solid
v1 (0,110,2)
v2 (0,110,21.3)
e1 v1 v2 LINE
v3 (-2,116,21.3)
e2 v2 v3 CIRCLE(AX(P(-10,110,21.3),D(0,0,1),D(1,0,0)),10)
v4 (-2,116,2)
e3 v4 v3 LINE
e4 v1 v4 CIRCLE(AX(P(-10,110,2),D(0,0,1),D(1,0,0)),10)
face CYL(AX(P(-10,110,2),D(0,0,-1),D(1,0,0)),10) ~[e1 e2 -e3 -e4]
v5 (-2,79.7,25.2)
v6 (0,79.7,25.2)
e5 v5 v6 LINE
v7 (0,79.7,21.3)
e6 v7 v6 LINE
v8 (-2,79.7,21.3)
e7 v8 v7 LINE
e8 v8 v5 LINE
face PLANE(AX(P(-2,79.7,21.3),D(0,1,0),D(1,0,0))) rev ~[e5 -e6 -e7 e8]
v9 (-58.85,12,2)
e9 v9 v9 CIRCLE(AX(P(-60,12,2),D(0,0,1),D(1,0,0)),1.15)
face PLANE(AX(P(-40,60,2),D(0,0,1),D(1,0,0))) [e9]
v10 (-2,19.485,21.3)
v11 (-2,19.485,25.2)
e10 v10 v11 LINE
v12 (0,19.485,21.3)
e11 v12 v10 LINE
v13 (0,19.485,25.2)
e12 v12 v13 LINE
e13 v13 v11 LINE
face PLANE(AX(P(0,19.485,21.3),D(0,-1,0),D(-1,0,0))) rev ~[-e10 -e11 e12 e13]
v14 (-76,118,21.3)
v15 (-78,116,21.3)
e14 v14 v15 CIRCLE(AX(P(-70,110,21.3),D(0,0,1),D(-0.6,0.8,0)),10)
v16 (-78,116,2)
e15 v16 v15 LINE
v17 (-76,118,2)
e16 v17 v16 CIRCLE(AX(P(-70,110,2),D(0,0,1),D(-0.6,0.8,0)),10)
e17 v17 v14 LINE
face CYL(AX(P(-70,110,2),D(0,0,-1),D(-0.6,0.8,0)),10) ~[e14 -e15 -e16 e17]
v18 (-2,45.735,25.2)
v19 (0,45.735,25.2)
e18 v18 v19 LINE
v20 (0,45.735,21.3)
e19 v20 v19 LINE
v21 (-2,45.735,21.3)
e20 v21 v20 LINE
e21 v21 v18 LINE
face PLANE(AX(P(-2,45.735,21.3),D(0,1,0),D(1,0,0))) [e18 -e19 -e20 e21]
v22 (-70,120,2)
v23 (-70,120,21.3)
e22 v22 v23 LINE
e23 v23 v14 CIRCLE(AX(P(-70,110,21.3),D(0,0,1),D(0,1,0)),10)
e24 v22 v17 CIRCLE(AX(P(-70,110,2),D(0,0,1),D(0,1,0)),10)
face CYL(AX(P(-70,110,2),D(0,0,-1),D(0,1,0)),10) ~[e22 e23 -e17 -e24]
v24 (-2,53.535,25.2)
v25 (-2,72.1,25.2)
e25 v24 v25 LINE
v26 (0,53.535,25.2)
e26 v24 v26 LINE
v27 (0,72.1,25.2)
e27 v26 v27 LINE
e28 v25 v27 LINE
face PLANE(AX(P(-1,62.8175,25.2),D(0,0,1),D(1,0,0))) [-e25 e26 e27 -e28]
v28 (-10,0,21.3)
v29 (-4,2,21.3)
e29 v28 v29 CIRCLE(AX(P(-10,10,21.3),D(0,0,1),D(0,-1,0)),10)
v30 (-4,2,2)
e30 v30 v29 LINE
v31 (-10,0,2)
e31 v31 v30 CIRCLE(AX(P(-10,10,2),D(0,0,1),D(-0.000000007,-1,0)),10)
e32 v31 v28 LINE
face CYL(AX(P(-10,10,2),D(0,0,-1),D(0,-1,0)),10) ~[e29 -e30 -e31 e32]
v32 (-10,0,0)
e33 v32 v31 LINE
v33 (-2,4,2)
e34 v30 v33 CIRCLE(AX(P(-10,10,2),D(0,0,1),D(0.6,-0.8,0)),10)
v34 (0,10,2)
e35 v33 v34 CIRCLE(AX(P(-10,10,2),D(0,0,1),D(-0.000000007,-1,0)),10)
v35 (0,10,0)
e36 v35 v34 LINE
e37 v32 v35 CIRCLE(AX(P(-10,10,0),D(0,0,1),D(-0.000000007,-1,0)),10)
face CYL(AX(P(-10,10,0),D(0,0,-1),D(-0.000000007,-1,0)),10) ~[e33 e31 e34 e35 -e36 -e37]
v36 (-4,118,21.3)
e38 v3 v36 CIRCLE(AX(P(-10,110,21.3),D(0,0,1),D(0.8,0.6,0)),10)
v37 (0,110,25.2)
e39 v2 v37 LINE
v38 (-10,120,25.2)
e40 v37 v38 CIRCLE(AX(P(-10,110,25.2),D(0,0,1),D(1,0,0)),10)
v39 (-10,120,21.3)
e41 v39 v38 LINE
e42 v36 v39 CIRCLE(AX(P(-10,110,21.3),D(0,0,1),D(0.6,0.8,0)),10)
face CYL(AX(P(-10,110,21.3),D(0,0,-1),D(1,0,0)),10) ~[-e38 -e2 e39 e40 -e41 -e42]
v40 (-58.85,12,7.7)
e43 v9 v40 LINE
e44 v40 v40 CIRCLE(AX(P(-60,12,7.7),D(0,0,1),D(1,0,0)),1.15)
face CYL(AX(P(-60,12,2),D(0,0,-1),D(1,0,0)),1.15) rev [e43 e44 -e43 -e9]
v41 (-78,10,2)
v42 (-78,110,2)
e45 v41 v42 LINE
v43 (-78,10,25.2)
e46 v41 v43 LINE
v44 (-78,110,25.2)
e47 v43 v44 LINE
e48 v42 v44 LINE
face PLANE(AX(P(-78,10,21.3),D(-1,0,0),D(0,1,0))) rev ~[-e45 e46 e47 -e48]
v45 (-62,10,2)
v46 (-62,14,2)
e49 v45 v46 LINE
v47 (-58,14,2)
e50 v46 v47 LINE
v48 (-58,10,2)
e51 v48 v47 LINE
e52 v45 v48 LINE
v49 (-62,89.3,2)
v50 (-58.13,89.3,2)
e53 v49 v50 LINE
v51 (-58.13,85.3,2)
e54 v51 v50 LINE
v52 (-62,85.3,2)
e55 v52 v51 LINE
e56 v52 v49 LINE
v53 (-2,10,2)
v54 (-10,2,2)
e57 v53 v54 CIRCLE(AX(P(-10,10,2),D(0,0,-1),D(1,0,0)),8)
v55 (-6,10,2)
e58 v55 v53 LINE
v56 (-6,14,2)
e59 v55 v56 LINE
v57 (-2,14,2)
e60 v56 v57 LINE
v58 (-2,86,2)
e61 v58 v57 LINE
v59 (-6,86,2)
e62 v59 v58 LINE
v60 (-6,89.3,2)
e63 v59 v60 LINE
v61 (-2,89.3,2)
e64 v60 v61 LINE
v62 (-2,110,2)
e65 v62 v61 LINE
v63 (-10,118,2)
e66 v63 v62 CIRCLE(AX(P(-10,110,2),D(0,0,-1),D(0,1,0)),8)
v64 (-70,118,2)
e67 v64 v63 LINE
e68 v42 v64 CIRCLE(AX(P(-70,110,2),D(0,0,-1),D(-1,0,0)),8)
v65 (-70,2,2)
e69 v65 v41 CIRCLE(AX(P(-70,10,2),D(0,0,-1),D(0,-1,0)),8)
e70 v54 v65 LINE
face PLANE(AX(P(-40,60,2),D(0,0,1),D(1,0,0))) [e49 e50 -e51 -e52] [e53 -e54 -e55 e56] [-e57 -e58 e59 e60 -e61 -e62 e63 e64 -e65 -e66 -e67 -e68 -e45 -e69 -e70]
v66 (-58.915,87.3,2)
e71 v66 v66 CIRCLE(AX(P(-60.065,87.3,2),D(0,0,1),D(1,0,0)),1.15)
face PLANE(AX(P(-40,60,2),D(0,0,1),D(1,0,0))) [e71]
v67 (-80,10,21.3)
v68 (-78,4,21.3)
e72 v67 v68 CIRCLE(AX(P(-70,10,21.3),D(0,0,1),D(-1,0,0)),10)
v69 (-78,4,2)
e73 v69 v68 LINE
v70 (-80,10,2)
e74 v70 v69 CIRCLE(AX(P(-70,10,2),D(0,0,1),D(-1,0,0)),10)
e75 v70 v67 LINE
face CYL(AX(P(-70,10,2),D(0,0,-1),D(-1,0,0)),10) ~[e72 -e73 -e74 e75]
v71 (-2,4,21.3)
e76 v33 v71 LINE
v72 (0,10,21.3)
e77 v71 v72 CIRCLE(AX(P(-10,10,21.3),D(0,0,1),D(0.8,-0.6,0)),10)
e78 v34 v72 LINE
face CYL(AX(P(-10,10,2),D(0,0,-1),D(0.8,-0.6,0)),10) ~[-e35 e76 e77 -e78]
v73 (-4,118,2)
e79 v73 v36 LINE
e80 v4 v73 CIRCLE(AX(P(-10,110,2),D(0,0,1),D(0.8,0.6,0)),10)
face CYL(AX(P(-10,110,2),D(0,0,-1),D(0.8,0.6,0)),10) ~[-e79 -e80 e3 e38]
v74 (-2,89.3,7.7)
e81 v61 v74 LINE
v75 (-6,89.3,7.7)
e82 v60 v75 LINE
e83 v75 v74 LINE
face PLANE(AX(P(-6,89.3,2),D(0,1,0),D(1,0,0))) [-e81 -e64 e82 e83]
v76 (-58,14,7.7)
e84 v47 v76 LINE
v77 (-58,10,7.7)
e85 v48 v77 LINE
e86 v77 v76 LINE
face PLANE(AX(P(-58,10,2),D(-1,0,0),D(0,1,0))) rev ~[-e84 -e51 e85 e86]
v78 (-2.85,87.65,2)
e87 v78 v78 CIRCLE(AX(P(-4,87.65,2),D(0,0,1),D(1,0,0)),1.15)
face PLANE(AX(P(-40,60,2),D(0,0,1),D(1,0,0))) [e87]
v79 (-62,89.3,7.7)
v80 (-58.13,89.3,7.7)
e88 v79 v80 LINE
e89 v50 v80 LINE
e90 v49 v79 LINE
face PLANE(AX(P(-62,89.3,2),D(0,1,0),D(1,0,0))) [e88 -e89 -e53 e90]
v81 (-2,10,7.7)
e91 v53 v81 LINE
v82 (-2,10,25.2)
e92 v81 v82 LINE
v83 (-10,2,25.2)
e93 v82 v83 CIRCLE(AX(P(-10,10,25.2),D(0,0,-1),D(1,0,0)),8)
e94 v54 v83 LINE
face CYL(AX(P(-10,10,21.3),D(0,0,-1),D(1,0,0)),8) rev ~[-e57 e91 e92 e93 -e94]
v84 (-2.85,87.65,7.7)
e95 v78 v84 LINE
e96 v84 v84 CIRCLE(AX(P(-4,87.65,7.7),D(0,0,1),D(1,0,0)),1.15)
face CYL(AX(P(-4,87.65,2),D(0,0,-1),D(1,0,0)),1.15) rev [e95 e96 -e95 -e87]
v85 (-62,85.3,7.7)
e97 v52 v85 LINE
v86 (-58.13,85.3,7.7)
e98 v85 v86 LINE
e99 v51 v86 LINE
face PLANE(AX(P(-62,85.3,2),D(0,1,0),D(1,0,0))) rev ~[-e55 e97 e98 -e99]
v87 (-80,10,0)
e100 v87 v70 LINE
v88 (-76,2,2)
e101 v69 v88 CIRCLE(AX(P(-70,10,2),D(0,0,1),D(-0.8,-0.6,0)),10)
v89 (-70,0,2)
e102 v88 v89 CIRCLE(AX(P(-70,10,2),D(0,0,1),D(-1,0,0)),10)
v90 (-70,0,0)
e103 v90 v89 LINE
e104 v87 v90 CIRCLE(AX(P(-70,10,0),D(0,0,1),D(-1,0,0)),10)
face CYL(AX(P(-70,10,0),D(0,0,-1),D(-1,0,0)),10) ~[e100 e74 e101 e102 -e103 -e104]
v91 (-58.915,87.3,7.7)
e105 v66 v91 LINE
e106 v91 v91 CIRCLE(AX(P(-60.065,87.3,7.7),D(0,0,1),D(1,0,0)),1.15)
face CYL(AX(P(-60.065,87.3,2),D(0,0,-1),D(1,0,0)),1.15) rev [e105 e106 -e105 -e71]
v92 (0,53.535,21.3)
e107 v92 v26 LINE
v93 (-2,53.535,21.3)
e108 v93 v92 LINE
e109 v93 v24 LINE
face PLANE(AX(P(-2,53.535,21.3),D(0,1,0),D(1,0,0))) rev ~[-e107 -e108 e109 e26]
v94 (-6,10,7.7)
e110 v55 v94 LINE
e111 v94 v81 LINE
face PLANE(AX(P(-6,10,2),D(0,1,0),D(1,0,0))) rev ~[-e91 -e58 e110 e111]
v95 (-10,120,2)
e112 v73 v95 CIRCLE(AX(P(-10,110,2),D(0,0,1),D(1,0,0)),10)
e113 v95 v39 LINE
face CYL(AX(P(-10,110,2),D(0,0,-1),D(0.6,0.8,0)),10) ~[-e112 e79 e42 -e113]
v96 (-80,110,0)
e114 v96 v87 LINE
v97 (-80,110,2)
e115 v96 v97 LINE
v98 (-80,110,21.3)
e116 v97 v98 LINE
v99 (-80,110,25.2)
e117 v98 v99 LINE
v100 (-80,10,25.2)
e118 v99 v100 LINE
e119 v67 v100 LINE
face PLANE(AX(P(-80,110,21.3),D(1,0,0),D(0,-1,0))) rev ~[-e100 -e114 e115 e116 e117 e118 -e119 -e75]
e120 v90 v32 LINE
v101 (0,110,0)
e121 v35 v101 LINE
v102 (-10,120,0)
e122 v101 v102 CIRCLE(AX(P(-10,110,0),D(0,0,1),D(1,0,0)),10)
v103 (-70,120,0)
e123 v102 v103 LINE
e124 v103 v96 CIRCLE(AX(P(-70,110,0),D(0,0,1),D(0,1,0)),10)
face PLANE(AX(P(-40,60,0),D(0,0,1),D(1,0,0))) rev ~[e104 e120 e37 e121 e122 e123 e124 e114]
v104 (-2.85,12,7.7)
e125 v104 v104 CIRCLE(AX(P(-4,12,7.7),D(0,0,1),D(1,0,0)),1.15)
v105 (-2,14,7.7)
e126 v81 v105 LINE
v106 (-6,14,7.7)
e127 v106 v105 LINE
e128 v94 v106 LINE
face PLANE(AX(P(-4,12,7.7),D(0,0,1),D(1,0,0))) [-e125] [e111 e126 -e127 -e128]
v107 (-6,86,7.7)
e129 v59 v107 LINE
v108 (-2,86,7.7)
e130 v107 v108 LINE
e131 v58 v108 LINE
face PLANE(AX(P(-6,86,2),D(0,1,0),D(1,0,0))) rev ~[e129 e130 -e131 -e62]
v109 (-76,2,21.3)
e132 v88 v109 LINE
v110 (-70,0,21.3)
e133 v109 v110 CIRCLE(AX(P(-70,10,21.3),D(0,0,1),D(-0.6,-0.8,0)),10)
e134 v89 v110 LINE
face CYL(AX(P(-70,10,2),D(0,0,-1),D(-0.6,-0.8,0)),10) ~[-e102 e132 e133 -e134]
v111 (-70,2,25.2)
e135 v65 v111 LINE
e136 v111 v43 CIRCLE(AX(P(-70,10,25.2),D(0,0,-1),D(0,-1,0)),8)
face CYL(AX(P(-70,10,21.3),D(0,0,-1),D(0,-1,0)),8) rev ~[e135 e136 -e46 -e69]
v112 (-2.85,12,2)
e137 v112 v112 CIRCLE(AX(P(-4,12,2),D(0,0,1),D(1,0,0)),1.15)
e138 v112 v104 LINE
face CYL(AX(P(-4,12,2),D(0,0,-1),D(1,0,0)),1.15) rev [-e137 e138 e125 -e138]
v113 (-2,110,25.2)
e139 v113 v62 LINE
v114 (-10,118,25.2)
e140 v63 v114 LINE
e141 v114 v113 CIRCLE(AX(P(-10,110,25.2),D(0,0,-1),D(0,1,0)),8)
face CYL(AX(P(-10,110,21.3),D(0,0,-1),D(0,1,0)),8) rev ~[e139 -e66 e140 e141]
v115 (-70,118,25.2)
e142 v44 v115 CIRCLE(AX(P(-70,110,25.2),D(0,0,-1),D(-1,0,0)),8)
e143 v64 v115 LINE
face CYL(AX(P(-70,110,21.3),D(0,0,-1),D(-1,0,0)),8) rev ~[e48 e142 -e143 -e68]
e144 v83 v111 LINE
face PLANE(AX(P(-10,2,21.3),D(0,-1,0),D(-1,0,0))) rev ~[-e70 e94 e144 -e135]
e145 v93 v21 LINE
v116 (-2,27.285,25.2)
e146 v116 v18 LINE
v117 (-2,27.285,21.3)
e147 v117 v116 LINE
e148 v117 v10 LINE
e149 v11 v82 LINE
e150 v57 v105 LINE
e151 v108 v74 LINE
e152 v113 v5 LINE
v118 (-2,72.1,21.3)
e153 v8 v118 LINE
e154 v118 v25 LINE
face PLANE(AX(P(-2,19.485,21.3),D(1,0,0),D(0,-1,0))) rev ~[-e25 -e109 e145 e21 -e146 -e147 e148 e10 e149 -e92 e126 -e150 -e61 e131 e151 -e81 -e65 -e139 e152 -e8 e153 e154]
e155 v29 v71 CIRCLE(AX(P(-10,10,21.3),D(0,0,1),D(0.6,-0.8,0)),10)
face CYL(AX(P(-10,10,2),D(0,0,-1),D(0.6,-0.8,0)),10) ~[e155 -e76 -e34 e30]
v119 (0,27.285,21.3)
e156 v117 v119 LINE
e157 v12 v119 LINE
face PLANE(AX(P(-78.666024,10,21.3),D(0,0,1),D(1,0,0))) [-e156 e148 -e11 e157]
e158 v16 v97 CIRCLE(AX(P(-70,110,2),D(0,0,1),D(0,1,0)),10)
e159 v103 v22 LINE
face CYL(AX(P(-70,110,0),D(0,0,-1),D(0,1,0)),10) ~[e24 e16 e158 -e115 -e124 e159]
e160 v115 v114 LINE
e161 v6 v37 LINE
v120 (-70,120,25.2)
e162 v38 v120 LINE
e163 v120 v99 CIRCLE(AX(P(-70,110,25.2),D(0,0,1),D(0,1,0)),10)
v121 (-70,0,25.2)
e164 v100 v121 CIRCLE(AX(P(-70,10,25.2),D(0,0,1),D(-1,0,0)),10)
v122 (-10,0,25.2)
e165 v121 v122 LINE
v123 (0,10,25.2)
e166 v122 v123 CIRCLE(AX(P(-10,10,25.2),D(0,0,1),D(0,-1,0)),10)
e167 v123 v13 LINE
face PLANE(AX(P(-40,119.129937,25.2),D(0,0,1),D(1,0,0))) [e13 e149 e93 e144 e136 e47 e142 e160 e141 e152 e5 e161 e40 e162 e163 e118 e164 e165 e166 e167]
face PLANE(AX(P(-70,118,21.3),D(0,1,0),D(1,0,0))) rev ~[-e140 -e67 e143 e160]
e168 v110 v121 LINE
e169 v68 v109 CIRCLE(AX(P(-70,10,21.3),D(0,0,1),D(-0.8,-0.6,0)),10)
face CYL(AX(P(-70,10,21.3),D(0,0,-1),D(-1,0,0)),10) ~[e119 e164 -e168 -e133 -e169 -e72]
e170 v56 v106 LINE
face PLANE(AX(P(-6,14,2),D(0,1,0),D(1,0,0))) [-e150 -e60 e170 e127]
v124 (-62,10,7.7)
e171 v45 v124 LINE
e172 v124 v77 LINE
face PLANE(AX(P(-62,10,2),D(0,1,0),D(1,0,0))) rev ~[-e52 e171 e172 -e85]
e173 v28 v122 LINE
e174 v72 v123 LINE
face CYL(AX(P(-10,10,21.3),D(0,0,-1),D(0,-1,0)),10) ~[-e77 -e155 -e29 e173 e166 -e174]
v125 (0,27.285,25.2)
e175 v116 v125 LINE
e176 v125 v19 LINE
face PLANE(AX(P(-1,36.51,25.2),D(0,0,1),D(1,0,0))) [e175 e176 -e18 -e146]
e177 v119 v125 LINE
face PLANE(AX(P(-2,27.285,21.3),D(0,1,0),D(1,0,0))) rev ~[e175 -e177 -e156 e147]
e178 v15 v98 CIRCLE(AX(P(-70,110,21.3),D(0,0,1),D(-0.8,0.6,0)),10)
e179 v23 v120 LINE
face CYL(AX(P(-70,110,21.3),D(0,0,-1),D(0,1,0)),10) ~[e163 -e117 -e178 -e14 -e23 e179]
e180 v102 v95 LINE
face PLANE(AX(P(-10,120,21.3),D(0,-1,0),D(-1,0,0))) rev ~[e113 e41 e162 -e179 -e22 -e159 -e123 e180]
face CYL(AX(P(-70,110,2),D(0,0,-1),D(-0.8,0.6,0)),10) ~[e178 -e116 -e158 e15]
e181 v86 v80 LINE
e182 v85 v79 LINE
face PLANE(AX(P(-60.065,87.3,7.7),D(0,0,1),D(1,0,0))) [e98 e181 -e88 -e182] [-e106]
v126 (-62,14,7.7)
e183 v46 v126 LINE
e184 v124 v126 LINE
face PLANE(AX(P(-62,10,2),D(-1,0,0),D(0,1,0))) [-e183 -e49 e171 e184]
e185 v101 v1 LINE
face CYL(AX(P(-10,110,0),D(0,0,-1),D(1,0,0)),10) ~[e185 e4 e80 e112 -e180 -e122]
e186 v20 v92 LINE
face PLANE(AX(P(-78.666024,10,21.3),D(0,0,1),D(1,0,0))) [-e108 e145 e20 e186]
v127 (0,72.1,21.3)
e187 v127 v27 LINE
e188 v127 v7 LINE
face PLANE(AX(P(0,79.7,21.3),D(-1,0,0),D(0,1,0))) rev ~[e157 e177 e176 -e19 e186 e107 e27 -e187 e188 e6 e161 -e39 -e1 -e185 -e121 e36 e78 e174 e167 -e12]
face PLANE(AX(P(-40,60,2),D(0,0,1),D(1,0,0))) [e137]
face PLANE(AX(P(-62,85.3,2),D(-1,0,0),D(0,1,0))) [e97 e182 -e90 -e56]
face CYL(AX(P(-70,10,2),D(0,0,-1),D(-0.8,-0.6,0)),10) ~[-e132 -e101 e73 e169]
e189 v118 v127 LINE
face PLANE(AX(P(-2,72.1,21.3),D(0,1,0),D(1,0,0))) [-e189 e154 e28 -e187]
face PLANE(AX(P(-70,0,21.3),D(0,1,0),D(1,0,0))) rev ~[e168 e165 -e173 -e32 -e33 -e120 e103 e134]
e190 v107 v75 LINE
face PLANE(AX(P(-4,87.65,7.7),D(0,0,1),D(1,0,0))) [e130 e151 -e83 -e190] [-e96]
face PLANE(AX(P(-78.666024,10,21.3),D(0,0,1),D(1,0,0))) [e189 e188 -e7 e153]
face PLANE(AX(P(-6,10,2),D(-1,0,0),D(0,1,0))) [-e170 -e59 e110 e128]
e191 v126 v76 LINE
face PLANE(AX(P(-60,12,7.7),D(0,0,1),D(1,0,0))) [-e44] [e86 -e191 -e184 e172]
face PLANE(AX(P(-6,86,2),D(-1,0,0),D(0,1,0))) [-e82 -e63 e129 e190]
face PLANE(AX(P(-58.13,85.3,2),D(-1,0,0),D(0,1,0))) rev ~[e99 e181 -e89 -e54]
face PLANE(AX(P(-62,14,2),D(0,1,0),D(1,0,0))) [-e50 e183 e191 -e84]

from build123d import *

# Parameters (mm, degrees)
BOSS_EXTRU_3_DEPTH = 2
BOSS_EXTRU_4_DEPTH = 19.3
ESQUISSE4_W        = 2
ESQUISSE4_H        = 18.565
ESQUISSE4_H_2      = 18.45
BOSS_EXTRU_5_DEPTH = 3.9
ESQUISSE5_W        = 4
ESQUISSE5_H        = 4
ESQUISSE5_R        = 1.15
ESQUISSE5_W_2      = 3.87
ESQUISSE5_H_2      = 3.3
BOSS_EXTRU_6_DEPTH = 5.7


with BuildPart() as part:
    # Esquisse1 → Boss.-Extru.3 (new body)
    with BuildSketch(Plane.XY):
        with BuildLine():
            Line((-70, 0), (-10.000000065, 0))
            ThreePointArc((-10.000000065, 0), (-2.928932211, 2.928932165), (0, 10))
            Line((0, 10), (0, 110))
            ThreePointArc((0, 110), (-2.928932188, 117.071067812), (-10, 120))
            Line((-10, 120), (-70, 120))
            ThreePointArc((-70, 120), (-77.071067812, 117.071067812), (-80, 110))
            Line((-80, 110), (-80, 10))
            ThreePointArc((-80, 10), (-77.071067812, 2.928932188), (-70, 0))
        make_face()
    extrude(amount=BOSS_EXTRU_3_DEPTH)

    # Esquisse3 → Boss.-Extru.4 (add)
    with BuildSketch(Plane.XY.offset(2)):
        with BuildLine():
            ThreePointArc((-80, 10), (-79.486832981, 6.83772234), (-78, 4))
            Line((-78, 4), (-78, 10))
            Line((-78, 10), (-78, 16))
            ThreePointArc((-78, 16), (-79.486832981, 13.16227766), (-80, 10))
        make_face()
        with BuildLine():
            ThreePointArc((-78, 4), (-77.071067812, 2.928932188), (-76, 2))
            Line((-76, 2), (-70, 2))
            ThreePointArc((-70, 2), (-75.656854249, 4.343145751), (-78, 10))
            Line((-78, 10), (-78, 4))
        make_face()
        with BuildLine():
            ThreePointArc((-76, 2), (-73.16227766, 0.513167019), (-70, 0))
            ThreePointArc((-70, 0), (-66.83772234, 0.513167019), (-64, 2))
            Line((-64, 2), (-70, 2))
            Line((-70, 2), (-76, 2))
        make_face()
        with BuildLine():
            Line((-70, 0), (-10, 0))
            ThreePointArc((-10, 0), (-13.16227766, 0.513167019), (-16, 2))
            Line((-16, 2), (-64, 2))
            ThreePointArc((-64, 2), (-66.83772234, 0.513167019), (-70, 0))
        make_face()
        with BuildLine():
            ThreePointArc((-80, 10), (-79.486832981, 13.16227766), (-78, 16))
            Line((-78, 16), (-78, 104))
            ThreePointArc((-78, 104), (-79.486832981, 106.83772234), (-80, 110))
            Line((-80, 110), (-80, 10))
        make_face()
        with BuildLine():
            ThreePointArc((-80, 110), (-79.486832981, 106.83772234), (-78, 104))
            Line((-78, 104), (-78, 110))
            Line((-78, 110), (-78, 116))
            ThreePointArc((-78, 116), (-79.486832981, 113.16227766), (-80, 110))
        make_face()
        with BuildLine():
            ThreePointArc((-78, 110), (-75.656854249, 115.656854249), (-70, 118))
            Line((-70, 118), (-76, 118))
            ThreePointArc((-76, 118), (-77.071067812, 117.071067812), (-78, 116))
            Line((-78, 116), (-78, 110))
        make_face()
        with BuildLine():
            Line((-70, 118), (-64, 118))
            ThreePointArc((-64, 118), (-66.83772234, 119.486832981), (-70, 120))
            ThreePointArc((-70, 120), (-73.16227766, 119.486832981), (-76, 118))
            Line((-76, 118), (-70, 118))
        make_face()
        with BuildLine():
            Line((-64, 118), (-16, 118))
            ThreePointArc((-16, 118), (-13.16227766, 119.486832981), (-10, 120))
            Line((-10, 120), (-70, 120))
            ThreePointArc((-70, 120), (-66.83772234, 119.486832981), (-64, 118))
        make_face()
        with BuildLine():
            ThreePointArc((-10, 120), (-13.16227766, 119.486832981), (-16, 118))
            Line((-16, 118), (-10, 118))
            Line((-10, 118), (-4, 118))
            ThreePointArc((-4, 118), (-6.83772234, 119.486832981), (-10, 120))
        make_face()
        with BuildLine():
            Line((-2, 110), (-2, 116))
            ThreePointArc((-2, 116), (-2.928932188, 117.071067812), (-4, 118))
            Line((-4, 118), (-10, 118))
            ThreePointArc((-10, 118), (-4.343145751, 115.656854249), (-2, 110))
        make_face()
        with BuildLine():
            ThreePointArc((-2, 104), (-0.513167019, 106.83772234), (0, 110))
            ThreePointArc((0, 110), (-0.513167019, 113.16227766), (-2, 116))
            Line((-2, 116), (-2, 110))
            Line((-2, 110), (-2, 104))
        make_face()
        with BuildLine():
            ThreePointArc((-2, 16), (-0.513167019, 13.16227766), (0, 10))
            Line((0, 10), (0, 110))
            ThreePointArc((0, 110), (-0.513167019, 106.83772234), (-2, 104))
            Line((-2, 104), (-2, 16))
        make_face()
        with BuildLine():
            Line((-2, 10), (-2, 4))
            ThreePointArc((-2, 4), (-0.513167019, 6.83772234), (0, 10))
            ThreePointArc((0, 10), (-0.513167019, 13.16227766), (-2, 16))
            Line((-2, 16), (-2, 10))
        make_face()
        with BuildLine():
            Line((-10, 2), (-4, 2))
            ThreePointArc((-4, 2), (-2.928932188, 2.928932188), (-2, 4))
            Line((-2, 4), (-2, 10))
            ThreePointArc((-2, 10), (-4.343145751, 4.343145751), (-10, 2))
        make_face()
        with BuildLine():
            ThreePointArc((-10, 0), (-6.83772234, 0.513167019), (-4, 2))
            Line((-4, 2), (-10, 2))
            Line((-10, 2), (-16, 2))
            ThreePointArc((-16, 2), (-13.16227766, 0.513167019), (-10, 0))
        make_face()
    extrude(amount=BOSS_EXTRU_4_DEPTH)

    # Esquisse4 → Boss.-Extru.5 (add)
    with BuildSketch(Plane.XY.offset(21.3)):
        with BuildLine():
            Line((-64, 118), (-16, 118))
            ThreePointArc((-16, 118), (-13.16227766, 119.486832981), (-10, 120))
            Line((-10, 120), (-70, 120))
            ThreePointArc((-70, 120), (-66.83772234, 119.486832981), (-64, 118))
        make_face()
        with BuildLine():
            Line((-70, 118), (-64, 118))
            ThreePointArc((-64, 118), (-66.83772234, 119.486832981), (-70, 120))
            ThreePointArc((-70, 120), (-77.071067812, 117.071067812), (-80, 110))
            ThreePointArc((-80, 110), (-79.486832981, 106.83772234), (-78, 104))
            Line((-78, 104), (-78, 110))
            ThreePointArc((-78, 110), (-75.656854249, 115.656854249), (-70, 118))
        make_face()
        with BuildLine():
            Line((-2, 110), (-2, 104))
            ThreePointArc((-2, 104), (-0.513167019, 106.83772234), (0, 110))
            ThreePointArc((0, 110), (-2.928932188, 117.071067812), (-10, 120))
            ThreePointArc((-10, 120), (-13.16227766, 119.486832981), (-16, 118))
            Line((-16, 118), (-10, 118))
            ThreePointArc((-10, 118), (-4.343145751, 115.656854249), (-2, 110))
        make_face()
        with BuildLine():
            Line((-2, 104), (-2, 79.7))
            Line((-2, 79.7), (0, 79.7))
            Line((0, 79.7), (0, 110))
            ThreePointArc((0, 110), (-0.513167019, 106.83772234), (-2, 104))
        make_face()
        with Locations((-1, 62.8175)):
            Rectangle(ESQUISSE4_W, ESQUISSE4_H)
        with Locations((-1, 36.51)):
            Rectangle(ESQUISSE4_W, ESQUISSE4_H_2)
        with BuildLine():
            Line((0, 19.485), (-2, 19.485))
            Line((-2, 19.485), (-2, 16))
            ThreePointArc((-2, 16), (-0.513167019, 13.16227766), (0, 10))
            Line((0, 10), (0, 19.485))
        make_face()
        with BuildLine():
            ThreePointArc((0, 10), (-0.513167019, 13.16227766), (-2, 16))
            Line((-2, 16), (-2, 10))
            ThreePointArc((-2, 10), (-4.343145751, 4.343145751), (-10, 2))
            Line((-10, 2), (-16, 2))
            ThreePointArc((-16, 2), (-13.16227766, 0.513167019), (-10, 0))
            ThreePointArc((-10, 0), (-2.928932188, 2.928932188), (0, 10))
        make_face()
        with BuildLine():
            ThreePointArc((-64, 2), (-66.83772234, 0.513167019), (-70, 0))
            Line((-70, 0), (-10, 0))
            ThreePointArc((-10, 0), (-13.16227766, 0.513167019), (-16, 2))
            Line((-16, 2), (-64, 2))
        make_face()
        with BuildLine():
            ThreePointArc((-78, 16), (-79.486832981, 13.16227766), (-80, 10))
            ThreePointArc((-80, 10), (-77.071067812, 2.928932188), (-70, 0))
            ThreePointArc((-70, 0), (-66.83772234, 0.513167019), (-64, 2))
            Line((-64, 2), (-70, 2))
            ThreePointArc((-70, 2), (-75.656854249, 4.343145751), (-78, 10))
            Line((-78, 10), (-78, 16))
        make_face()
        with BuildLine():
            ThreePointArc((-78, 104), (-79.486832981, 106.83772234), (-80, 110))
            Line((-80, 110), (-80, 10))
            ThreePointArc((-80, 10), (-79.486832981, 13.16227766), (-78, 16))
            Line((-78, 16), (-78, 104))
        make_face()
    extrude(amount=BOSS_EXTRU_5_DEPTH)

    # Esquisse5 → Boss.-Extru.6 (add)
    # profile 1 of 4: a face of its own
    with BuildSketch(Plane.XY.offset(2)):
        with Locations((-4, 12)):
            Rectangle(ESQUISSE5_W, ESQUISSE5_H)
        with Locations((-4, 12)):
            Circle(ESQUISSE5_R, mode=Mode.SUBTRACT)
    # profile 2 of 4: a face of its own
    with BuildSketch(Plane.XY.offset(2)):
        with Locations((-60, 12)):
            Rectangle(ESQUISSE5_W, ESQUISSE5_H)
        with Locations((-60, 12)):
            Circle(ESQUISSE5_R, mode=Mode.SUBTRACT)
    # profile 3 of 4: a face of its own
    with BuildSketch(Plane.XY.offset(2)):
        with Locations((-60.065, 87.3)):
            Rectangle(ESQUISSE5_W_2, ESQUISSE5_H)
        with Locations((-60.065, 87.3)):
            Circle(ESQUISSE5_R, mode=Mode.SUBTRACT)
    # profile 4 of 4: a face of its own
    with BuildSketch(Plane.XY.offset(2)):
        with Locations((-4, 87.65)):
            Rectangle(ESQUISSE5_W, ESQUISSE5_H_2)
        with Locations((-4, 87.65)):
            Circle(ESQUISSE5_R, mode=Mode.SUBTRACT)
    extrude(amount=BOSS_EXTRU_6_DEPTH)


solid = part.part
